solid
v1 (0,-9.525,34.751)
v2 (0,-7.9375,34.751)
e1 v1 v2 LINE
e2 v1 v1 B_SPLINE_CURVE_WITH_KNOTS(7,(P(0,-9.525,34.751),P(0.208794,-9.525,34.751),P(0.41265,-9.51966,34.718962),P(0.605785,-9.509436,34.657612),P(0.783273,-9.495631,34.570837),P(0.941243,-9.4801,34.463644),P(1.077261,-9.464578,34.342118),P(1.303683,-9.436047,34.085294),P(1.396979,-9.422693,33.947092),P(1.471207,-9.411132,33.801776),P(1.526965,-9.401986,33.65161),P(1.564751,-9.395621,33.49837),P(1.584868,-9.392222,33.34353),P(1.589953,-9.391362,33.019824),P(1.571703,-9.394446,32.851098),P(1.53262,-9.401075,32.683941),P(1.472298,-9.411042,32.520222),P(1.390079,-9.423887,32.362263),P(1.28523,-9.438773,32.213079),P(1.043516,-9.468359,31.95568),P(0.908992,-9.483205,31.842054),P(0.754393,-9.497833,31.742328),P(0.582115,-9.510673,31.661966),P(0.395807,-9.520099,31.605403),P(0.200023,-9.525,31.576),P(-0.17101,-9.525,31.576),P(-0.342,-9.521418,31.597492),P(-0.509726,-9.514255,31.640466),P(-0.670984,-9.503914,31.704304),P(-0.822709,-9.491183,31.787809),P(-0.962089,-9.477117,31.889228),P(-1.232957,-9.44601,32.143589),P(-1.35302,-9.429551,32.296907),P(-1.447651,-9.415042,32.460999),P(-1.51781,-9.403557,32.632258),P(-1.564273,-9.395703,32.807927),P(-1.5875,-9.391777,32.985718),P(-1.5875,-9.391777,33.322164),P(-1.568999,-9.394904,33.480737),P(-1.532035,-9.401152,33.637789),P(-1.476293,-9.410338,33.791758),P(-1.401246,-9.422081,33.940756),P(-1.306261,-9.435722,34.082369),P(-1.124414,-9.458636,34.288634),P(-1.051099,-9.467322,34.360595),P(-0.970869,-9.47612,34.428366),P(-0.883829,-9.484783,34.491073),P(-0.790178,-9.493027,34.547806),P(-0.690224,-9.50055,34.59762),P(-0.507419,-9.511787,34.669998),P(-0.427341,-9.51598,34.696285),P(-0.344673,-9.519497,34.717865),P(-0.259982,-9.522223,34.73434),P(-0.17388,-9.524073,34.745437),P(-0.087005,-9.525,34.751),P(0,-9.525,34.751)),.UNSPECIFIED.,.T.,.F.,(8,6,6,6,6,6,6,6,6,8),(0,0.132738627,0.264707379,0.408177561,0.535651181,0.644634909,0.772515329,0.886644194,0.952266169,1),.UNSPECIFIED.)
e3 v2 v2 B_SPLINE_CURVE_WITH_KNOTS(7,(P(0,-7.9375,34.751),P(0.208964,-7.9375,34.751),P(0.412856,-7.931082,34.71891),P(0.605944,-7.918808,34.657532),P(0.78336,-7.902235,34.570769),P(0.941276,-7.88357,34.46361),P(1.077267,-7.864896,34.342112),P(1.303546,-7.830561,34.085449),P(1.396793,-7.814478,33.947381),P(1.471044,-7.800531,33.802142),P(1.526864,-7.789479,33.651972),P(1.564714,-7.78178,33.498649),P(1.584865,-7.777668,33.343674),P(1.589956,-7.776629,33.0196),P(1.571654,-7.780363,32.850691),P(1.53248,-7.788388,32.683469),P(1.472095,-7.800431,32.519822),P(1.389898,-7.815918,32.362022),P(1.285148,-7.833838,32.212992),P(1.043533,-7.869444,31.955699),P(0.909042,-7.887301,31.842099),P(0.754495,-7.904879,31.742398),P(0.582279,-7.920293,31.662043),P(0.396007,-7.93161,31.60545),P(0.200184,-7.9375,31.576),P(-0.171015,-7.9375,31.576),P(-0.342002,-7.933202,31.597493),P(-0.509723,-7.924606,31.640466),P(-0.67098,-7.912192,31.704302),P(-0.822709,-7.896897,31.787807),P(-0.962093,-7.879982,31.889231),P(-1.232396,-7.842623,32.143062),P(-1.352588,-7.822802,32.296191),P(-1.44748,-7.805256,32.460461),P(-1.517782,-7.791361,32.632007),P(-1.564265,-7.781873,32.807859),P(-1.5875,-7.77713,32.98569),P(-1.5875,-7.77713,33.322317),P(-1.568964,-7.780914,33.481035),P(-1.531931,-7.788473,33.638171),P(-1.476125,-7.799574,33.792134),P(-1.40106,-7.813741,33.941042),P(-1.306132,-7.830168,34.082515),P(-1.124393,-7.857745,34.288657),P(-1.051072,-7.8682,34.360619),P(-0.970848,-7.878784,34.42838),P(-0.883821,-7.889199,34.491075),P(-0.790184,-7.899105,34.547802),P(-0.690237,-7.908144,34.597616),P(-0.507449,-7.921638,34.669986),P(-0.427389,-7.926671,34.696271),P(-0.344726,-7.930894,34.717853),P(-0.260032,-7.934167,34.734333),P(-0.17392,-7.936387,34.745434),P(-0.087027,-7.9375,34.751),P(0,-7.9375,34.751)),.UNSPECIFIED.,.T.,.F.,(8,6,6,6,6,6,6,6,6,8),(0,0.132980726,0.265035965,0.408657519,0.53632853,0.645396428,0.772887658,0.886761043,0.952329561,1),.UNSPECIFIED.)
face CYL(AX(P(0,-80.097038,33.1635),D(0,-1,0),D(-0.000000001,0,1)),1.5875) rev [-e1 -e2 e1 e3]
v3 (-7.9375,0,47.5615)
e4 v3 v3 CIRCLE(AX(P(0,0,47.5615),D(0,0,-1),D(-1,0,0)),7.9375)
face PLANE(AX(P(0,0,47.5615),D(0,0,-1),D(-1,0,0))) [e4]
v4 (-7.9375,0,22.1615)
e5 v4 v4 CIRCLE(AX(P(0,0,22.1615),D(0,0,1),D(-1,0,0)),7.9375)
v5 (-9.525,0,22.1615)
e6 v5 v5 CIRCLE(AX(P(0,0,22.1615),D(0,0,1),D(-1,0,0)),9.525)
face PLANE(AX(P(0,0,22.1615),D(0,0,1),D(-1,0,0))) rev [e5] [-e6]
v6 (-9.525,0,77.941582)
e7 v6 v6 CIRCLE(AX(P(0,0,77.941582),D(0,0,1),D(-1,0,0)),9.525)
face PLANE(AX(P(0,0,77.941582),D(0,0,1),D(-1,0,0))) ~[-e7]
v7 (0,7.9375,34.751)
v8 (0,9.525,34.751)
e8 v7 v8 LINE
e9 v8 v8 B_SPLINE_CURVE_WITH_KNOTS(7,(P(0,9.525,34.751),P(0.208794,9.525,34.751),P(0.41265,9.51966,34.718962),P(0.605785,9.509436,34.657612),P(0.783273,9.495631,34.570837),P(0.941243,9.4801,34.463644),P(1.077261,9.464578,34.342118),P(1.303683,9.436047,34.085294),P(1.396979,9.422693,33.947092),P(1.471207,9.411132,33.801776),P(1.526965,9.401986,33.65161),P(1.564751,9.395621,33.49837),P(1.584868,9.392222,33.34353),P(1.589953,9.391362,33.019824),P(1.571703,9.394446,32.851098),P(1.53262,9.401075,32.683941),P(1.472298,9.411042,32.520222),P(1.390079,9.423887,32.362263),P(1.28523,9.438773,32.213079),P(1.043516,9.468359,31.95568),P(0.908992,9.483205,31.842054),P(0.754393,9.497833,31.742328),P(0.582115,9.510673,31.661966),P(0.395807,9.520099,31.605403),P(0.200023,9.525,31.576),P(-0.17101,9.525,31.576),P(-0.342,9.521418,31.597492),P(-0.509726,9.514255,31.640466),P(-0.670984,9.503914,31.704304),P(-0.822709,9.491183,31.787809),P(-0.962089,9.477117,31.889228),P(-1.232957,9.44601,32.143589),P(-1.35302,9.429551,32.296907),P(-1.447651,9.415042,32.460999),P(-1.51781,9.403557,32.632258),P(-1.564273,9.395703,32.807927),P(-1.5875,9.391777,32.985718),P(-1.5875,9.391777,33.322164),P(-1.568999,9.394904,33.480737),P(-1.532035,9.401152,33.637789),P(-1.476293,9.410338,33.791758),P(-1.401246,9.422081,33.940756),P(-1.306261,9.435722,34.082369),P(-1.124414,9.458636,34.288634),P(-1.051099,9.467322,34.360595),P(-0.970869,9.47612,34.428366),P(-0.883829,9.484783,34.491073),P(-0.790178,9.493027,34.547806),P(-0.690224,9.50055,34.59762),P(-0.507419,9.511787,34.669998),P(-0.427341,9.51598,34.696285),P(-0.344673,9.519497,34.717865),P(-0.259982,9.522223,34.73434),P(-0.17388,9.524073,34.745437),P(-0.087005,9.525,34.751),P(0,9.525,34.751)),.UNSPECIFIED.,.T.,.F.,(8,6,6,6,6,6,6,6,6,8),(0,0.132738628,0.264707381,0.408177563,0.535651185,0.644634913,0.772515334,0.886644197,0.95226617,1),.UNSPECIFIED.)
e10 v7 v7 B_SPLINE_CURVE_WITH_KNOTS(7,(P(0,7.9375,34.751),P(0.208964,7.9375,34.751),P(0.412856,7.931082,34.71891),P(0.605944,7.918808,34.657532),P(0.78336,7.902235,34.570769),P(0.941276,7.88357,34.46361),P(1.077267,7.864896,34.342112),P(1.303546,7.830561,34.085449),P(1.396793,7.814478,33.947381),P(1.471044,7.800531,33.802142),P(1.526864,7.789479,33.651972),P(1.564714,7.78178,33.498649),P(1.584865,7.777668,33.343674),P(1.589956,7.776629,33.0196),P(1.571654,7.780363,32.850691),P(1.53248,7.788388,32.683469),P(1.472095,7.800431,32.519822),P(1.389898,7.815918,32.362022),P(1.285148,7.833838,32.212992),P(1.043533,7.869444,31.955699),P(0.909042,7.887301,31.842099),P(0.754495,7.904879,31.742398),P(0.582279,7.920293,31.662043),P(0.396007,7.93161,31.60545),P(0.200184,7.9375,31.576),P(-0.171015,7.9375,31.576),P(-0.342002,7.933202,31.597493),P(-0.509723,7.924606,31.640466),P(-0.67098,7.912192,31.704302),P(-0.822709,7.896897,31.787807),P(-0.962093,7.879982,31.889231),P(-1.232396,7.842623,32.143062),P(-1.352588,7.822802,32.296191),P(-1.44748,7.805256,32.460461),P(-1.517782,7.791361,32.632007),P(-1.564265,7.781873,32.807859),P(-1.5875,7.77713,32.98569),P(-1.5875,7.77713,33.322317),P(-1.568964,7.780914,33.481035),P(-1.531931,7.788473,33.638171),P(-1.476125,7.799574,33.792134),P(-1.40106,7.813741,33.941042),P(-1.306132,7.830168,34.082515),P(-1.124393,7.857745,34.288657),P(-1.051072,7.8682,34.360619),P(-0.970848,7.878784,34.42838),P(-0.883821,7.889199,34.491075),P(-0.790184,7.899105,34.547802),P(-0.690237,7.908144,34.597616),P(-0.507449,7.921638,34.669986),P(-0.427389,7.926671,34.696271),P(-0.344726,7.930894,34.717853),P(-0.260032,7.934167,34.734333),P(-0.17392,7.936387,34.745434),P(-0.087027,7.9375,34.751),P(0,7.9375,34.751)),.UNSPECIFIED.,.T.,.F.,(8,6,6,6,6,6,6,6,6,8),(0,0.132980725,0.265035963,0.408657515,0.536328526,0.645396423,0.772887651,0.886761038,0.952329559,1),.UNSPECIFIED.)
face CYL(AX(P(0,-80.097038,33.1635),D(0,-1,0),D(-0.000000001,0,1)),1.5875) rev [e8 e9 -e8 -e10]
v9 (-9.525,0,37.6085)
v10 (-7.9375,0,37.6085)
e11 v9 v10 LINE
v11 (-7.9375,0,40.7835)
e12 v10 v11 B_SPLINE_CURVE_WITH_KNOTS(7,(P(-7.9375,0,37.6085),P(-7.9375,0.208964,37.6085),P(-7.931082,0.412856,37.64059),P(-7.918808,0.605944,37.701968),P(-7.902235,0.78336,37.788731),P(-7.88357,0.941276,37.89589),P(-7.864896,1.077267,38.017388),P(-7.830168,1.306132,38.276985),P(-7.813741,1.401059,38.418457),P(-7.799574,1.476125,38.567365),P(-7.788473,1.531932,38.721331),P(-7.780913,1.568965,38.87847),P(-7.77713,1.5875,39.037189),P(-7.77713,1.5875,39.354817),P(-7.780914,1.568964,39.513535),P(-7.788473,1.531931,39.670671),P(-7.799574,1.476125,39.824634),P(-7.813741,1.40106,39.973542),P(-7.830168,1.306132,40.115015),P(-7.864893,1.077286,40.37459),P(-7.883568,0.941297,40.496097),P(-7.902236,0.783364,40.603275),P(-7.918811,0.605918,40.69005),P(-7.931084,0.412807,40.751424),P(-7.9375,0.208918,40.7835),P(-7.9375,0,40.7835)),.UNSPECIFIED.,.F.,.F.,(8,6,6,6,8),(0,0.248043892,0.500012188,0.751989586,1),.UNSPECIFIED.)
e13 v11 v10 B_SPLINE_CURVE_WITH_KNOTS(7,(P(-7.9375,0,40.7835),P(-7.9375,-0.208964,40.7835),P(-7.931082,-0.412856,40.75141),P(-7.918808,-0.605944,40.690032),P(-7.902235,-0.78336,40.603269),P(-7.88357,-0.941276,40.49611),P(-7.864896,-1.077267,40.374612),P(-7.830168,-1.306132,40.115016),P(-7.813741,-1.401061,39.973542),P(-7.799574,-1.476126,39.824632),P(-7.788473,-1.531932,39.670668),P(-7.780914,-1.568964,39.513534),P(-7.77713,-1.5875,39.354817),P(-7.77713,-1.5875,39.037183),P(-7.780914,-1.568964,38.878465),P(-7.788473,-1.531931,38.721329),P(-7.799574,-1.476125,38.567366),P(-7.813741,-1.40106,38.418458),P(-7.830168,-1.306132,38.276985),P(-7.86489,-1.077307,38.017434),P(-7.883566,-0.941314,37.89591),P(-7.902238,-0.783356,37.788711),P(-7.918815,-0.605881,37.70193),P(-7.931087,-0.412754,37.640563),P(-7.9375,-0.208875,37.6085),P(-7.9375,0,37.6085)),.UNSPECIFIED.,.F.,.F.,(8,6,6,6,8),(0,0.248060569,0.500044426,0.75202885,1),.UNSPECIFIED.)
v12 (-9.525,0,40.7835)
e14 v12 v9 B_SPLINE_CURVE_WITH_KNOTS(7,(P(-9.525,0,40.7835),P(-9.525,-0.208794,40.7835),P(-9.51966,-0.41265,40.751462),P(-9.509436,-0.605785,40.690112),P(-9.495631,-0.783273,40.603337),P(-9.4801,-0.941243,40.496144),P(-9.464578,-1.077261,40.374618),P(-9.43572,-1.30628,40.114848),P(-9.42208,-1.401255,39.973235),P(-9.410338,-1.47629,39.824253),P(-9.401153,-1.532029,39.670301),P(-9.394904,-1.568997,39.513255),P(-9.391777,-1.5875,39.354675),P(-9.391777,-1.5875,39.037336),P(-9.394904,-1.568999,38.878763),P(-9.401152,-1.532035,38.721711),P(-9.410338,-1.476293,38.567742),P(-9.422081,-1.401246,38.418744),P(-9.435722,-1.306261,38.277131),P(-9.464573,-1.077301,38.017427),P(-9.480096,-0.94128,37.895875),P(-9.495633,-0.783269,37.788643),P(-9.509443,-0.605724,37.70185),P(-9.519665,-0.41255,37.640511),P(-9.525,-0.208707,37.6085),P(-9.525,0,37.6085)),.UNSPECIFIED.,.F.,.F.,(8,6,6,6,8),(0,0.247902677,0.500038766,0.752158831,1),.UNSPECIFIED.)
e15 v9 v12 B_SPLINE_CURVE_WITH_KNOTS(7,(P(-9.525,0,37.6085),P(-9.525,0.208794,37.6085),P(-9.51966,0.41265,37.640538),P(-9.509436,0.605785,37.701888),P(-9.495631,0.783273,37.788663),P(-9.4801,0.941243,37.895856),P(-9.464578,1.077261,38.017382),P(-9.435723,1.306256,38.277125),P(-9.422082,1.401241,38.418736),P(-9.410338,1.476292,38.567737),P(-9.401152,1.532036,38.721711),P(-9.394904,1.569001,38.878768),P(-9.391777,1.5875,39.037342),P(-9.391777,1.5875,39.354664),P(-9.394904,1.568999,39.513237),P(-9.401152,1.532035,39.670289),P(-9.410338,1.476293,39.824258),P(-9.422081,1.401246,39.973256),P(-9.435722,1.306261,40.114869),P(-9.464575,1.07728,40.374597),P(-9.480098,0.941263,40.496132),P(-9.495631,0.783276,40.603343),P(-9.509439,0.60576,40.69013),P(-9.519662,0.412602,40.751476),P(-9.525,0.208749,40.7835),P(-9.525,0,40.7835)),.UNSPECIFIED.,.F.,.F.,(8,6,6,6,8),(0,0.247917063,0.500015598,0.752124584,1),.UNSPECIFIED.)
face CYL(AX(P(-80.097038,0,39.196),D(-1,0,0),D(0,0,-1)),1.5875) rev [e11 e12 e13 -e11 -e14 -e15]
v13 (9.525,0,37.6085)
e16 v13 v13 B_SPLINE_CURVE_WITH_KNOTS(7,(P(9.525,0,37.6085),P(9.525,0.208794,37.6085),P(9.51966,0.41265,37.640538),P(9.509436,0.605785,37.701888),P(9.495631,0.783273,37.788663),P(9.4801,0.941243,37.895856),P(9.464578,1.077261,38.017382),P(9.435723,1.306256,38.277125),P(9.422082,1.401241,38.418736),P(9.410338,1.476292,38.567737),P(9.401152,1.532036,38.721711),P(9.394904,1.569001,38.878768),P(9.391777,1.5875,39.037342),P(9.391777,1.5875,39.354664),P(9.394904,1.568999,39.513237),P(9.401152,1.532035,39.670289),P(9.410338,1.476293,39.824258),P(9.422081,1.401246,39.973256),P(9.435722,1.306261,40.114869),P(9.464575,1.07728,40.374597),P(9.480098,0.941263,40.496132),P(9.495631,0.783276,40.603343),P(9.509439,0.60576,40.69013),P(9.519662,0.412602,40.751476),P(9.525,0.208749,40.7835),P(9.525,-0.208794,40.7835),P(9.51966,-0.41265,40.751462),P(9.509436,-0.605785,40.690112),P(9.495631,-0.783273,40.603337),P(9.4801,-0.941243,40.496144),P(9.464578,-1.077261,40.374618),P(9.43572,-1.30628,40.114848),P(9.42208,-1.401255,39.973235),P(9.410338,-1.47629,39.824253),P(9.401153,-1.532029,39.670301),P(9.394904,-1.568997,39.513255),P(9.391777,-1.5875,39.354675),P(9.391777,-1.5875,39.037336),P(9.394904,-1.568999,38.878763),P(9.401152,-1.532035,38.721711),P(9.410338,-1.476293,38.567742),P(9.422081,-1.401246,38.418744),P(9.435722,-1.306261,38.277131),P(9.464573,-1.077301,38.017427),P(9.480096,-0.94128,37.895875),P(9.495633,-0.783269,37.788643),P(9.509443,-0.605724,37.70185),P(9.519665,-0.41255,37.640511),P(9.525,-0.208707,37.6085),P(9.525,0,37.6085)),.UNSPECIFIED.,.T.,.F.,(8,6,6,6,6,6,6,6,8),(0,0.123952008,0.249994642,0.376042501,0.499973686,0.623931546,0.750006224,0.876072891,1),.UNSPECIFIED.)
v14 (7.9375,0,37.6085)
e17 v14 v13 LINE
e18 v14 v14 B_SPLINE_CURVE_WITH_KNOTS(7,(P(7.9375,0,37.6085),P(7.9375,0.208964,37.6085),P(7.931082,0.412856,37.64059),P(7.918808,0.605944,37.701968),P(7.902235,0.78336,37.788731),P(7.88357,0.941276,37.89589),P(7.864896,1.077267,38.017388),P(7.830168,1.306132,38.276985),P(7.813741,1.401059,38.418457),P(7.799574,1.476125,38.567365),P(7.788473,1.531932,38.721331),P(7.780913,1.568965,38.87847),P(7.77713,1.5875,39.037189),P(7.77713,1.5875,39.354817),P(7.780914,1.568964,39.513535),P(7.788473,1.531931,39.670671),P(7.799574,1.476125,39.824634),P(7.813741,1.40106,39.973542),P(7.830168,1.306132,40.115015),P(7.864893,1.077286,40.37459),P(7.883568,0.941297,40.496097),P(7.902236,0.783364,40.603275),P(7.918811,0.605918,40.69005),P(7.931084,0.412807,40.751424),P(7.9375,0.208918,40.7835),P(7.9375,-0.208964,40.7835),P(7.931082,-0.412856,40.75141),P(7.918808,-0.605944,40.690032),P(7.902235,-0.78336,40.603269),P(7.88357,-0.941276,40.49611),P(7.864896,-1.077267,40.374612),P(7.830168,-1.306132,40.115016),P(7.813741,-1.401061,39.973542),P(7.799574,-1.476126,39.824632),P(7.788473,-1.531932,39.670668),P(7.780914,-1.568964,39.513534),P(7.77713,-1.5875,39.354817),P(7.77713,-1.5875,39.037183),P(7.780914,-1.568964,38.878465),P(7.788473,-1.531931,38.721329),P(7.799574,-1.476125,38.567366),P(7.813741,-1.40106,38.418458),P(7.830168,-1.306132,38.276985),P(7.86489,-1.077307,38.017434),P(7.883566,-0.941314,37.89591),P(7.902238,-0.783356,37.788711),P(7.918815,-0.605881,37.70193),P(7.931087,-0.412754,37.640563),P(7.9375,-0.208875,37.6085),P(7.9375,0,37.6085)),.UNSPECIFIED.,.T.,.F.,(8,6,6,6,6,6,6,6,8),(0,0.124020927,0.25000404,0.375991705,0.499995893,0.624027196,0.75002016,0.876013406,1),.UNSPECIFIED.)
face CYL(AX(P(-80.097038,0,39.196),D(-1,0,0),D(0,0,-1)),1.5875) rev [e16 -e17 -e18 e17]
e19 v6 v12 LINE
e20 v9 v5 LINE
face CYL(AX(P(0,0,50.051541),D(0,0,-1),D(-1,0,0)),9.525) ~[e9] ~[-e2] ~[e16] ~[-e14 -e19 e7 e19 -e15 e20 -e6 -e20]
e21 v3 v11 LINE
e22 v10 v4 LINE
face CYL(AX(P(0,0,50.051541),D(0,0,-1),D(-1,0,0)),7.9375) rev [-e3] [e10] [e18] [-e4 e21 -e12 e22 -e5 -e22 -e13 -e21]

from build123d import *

# Parameters (mm, degrees)
SKETCH5_W               = 1.587499994
SKETCH5_H               = 55.780081988
CUT_EXTRUDE5_DEPTH      = 80.097038204
CUT_EXTRUDE5_DEPTH_BACK = 80.097038204
SKETCH7_R               = 1.5875
CUT_EXTRUDE6_DEPTH      = 80.097038326
CUT_EXTRUDE6_DEPTH_BACK = 80.097038326
SKETCH6_R               = 1.5875
SKETCH10_R              = 7.9375
BOSS_EXTRUDE1_DEPTH     = 30.380081988


with BuildPart() as part:
    # Sketch5 → Revolve2 (revolve)
    with BuildSketch(Plane(origin=(0, 0, 0), x_dir=(1, 0, 0), z_dir=(0, 1, 0)), mode=Mode.PRIVATE) as revolve2_sk:
        with Locations((8.731249997, -50.051540994)):
            Rectangle(SKETCH5_W, SKETCH5_H)
    revolve(revolve2_sk.sketch.rotate(Axis((0, 0, 0), (0, 0, 1)), 180), axis=Axis((0, 0, 0), (0, 0, 1)))

    # Sketch7 → Cut-Extrude5 (cut, two sides: drawn at the far end of the back side and taken through both)
    with BuildSketch(Plane(origin=(0, 0, 0), x_dir=(0, 0, -1), z_dir=(1, 0, 0)).offset(-CUT_EXTRUDE5_DEPTH_BACK)):
        with Locations((-39.195999993, 0)):
            Circle(SKETCH7_R)
    extrude(amount=CUT_EXTRUDE5_DEPTH + CUT_EXTRUDE5_DEPTH_BACK, mode=Mode.SUBTRACT)

    # Sketch6 → Cut-Extrude6 (cut, two sides: drawn at the far end of the back side and taken through both)
    with BuildSketch(Plane(origin=(0, 0, 0), x_dir=(1, 0, 0), z_dir=(0, 1, 0)).offset(-CUT_EXTRUDE6_DEPTH_BACK)):
        with Locations(Location((1e-09, -33.163499999, 0), (0, 0, 269.999999955))):
            Circle(SKETCH6_R)
    extrude(amount=CUT_EXTRUDE6_DEPTH + CUT_EXTRUDE6_DEPTH_BACK, mode=Mode.SUBTRACT)

    # Sketch10 → Boss-Extrude1 (add)
    with BuildSketch(Plane(origin=(0, 0, 47.5615), x_dir=(-1, 0, 0), z_dir=(0, 0, -1))):
        Circle(SKETCH10_R)
    extrude(amount=-BOSS_EXTRUDE1_DEPTH)


solid = part.part
